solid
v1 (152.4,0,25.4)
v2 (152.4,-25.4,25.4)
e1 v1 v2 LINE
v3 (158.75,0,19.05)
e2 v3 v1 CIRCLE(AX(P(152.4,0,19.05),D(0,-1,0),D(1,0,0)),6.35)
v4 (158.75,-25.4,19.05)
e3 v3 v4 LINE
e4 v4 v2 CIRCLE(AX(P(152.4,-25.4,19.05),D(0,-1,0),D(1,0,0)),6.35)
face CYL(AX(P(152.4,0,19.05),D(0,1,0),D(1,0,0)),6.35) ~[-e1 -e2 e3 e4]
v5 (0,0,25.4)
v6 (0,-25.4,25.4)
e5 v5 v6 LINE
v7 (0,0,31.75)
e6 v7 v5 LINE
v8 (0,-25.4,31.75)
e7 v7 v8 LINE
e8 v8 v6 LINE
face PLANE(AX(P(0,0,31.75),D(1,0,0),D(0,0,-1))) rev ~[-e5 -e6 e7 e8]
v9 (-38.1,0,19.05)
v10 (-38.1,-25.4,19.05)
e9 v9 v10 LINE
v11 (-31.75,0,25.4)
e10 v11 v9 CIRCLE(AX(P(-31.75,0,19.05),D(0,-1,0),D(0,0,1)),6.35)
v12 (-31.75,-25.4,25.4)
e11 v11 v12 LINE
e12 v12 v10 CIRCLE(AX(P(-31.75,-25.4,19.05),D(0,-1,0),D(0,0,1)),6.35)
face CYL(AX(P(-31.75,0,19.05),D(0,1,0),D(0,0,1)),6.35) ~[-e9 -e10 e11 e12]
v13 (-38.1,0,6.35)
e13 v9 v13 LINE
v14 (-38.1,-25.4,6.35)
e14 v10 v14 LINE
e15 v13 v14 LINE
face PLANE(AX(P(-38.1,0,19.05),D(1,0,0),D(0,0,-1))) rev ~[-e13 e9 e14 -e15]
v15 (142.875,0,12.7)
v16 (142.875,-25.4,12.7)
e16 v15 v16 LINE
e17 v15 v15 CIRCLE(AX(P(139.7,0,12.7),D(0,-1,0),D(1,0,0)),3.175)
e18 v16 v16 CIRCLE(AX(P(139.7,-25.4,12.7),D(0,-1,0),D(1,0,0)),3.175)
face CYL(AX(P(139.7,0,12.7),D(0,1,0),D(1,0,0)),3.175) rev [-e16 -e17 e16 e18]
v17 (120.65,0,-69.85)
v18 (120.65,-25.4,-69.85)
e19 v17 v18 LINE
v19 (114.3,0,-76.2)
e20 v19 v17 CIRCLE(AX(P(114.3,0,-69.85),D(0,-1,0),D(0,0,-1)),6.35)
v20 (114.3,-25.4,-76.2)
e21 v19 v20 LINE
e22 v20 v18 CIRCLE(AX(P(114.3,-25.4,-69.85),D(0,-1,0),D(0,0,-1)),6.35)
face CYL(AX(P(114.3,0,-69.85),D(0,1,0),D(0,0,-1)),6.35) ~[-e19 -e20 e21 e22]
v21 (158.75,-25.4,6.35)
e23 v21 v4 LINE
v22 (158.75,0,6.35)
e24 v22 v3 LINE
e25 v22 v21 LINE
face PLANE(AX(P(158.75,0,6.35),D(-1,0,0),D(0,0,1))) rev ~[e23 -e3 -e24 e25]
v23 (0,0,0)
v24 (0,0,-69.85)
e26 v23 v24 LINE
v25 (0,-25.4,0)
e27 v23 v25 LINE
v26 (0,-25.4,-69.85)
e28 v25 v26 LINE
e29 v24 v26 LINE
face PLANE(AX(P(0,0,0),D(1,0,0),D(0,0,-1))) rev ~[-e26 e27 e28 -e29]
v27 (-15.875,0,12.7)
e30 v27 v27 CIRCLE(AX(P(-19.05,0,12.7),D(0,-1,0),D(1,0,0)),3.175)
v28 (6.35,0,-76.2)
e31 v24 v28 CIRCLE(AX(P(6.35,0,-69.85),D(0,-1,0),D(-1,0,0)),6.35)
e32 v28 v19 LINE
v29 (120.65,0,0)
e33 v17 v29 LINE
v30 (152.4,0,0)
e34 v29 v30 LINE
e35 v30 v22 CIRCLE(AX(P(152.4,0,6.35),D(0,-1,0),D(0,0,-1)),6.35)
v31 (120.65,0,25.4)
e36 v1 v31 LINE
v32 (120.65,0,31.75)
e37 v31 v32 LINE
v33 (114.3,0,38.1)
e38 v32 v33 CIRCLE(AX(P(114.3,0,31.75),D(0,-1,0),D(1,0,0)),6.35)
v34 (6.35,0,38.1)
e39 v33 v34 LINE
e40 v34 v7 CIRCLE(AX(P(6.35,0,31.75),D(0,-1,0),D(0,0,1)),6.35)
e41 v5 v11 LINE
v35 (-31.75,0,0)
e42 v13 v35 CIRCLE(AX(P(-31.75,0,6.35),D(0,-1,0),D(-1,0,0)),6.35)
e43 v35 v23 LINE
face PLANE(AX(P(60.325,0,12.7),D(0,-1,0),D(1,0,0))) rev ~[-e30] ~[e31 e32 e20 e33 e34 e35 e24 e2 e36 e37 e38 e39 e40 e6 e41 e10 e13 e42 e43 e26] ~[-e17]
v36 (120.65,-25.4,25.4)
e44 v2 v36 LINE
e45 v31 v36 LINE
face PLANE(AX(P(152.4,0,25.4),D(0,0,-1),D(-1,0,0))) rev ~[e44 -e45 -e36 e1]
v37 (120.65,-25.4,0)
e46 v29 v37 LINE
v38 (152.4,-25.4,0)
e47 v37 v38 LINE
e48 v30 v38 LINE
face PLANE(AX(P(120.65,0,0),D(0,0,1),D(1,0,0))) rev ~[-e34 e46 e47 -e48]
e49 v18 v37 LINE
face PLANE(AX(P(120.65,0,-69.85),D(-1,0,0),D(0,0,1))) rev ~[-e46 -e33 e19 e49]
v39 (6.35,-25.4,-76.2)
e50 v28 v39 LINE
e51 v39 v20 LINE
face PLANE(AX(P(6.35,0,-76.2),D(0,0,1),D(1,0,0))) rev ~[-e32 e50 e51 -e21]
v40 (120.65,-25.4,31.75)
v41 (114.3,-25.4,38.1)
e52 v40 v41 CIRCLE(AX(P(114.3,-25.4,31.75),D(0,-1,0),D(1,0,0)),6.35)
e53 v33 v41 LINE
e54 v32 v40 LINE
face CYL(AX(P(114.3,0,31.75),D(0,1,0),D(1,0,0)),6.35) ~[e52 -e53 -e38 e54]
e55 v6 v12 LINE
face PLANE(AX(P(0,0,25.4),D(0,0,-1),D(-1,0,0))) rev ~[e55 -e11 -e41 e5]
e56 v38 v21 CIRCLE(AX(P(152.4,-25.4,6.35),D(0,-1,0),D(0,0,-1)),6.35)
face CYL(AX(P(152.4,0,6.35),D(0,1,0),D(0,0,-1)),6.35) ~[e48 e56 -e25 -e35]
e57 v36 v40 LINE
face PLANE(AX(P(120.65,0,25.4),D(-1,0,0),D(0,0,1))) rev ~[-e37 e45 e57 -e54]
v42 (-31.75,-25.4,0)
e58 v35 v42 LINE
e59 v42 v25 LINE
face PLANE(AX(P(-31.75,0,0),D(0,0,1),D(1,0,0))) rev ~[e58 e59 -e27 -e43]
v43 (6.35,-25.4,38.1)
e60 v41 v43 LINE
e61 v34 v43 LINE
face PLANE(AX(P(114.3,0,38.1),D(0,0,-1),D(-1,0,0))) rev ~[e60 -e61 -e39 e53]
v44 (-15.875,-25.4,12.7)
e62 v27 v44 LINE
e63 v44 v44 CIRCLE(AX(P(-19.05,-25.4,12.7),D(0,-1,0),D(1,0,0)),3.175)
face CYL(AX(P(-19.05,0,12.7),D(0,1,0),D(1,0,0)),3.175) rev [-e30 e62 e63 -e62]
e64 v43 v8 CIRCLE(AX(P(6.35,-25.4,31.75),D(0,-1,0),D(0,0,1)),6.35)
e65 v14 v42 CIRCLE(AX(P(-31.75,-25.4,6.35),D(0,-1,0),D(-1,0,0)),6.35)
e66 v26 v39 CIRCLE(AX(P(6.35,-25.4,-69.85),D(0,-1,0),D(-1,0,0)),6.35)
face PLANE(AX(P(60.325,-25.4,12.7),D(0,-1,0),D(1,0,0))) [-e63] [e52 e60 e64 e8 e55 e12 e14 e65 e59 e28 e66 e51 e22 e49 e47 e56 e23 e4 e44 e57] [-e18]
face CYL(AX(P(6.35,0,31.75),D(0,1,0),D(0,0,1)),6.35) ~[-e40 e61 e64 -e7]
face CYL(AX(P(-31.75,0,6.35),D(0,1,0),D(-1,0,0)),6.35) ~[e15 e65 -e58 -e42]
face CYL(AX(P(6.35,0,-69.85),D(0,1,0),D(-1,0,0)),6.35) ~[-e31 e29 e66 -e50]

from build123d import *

# Parameters (mm, degrees)
F0_W     = 120.65
F0_H     = 25.4
F0_R     = 3.175
F1_DEPTH = 25.4


with BuildPart() as f1:
    # F0 (on Front) → F1 (new body)
    with BuildSketch(Plane.XZ):
        with Locations((60.325, 12.7)):
            Rectangle(F0_W, F0_H)
        with BuildLine():
            Line((120.65, 0), (0, 0))
            Line((0, 0), (0, -69.85))
            ThreePointArc((0, -69.85), (1.8598719395, -74.3401280605), (6.35, -76.2))
            Line((6.35, -76.2), (114.3, -76.2))
            ThreePointArc((114.3, -76.2), (118.7901280605, -74.3401280605), (120.65, -69.85))
            Line((120.65, -69.85), (120.65, 0))
        make_face()
        with BuildLine():
            Line((-31.75, 0), (0, 0))
            Line((0, 0), (0, 25.4))
            Line((0, 25.4), (-31.75, 25.4))
            ThreePointArc((-31.75, 25.4), (-36.2401280605, 23.5401280605), (-38.1, 19.05))
            Line((-38.1, 19.05), (-38.1, 6.35))
            ThreePointArc((-38.1, 6.35), (-36.2401280605, 1.8598719395), (-31.75, 0))
        make_face()
        with Locations((-19.05, 12.7)):
            Circle(F0_R, mode=Mode.SUBTRACT)
        with BuildLine():
            Line((120.65, 25.4), (120.65, 0))
            Line((120.65, 0), (152.4, 0))
            ThreePointArc((152.4, 0), (156.8901280605, 1.8598719395), (158.75, 6.35))
            Line((158.75, 6.35), (158.75, 19.05))
            ThreePointArc((158.75, 19.05), (156.8901280605, 23.5401280605), (152.4, 25.4))
            Line((152.4, 25.4), (120.65, 25.4))
        make_face()
        with Locations((139.7, 12.7)):
            Circle(F0_R, mode=Mode.SUBTRACT)
        with BuildLine():
            Line((0, 31.75), (0, 25.4))
            Line((0, 25.4), (120.65, 25.4))
            Line((120.65, 25.4), (120.65, 31.75))
            ThreePointArc((120.65, 31.75), (118.7901280605, 36.2401280605), (114.3, 38.1))
            Line((114.3, 38.1), (6.35, 38.1))
            ThreePointArc((6.35, 38.1), (1.8598719395, 36.2401280605), (0, 31.75))
        make_face()
    extrude(amount=F1_DEPTH)


solid = f1.part
